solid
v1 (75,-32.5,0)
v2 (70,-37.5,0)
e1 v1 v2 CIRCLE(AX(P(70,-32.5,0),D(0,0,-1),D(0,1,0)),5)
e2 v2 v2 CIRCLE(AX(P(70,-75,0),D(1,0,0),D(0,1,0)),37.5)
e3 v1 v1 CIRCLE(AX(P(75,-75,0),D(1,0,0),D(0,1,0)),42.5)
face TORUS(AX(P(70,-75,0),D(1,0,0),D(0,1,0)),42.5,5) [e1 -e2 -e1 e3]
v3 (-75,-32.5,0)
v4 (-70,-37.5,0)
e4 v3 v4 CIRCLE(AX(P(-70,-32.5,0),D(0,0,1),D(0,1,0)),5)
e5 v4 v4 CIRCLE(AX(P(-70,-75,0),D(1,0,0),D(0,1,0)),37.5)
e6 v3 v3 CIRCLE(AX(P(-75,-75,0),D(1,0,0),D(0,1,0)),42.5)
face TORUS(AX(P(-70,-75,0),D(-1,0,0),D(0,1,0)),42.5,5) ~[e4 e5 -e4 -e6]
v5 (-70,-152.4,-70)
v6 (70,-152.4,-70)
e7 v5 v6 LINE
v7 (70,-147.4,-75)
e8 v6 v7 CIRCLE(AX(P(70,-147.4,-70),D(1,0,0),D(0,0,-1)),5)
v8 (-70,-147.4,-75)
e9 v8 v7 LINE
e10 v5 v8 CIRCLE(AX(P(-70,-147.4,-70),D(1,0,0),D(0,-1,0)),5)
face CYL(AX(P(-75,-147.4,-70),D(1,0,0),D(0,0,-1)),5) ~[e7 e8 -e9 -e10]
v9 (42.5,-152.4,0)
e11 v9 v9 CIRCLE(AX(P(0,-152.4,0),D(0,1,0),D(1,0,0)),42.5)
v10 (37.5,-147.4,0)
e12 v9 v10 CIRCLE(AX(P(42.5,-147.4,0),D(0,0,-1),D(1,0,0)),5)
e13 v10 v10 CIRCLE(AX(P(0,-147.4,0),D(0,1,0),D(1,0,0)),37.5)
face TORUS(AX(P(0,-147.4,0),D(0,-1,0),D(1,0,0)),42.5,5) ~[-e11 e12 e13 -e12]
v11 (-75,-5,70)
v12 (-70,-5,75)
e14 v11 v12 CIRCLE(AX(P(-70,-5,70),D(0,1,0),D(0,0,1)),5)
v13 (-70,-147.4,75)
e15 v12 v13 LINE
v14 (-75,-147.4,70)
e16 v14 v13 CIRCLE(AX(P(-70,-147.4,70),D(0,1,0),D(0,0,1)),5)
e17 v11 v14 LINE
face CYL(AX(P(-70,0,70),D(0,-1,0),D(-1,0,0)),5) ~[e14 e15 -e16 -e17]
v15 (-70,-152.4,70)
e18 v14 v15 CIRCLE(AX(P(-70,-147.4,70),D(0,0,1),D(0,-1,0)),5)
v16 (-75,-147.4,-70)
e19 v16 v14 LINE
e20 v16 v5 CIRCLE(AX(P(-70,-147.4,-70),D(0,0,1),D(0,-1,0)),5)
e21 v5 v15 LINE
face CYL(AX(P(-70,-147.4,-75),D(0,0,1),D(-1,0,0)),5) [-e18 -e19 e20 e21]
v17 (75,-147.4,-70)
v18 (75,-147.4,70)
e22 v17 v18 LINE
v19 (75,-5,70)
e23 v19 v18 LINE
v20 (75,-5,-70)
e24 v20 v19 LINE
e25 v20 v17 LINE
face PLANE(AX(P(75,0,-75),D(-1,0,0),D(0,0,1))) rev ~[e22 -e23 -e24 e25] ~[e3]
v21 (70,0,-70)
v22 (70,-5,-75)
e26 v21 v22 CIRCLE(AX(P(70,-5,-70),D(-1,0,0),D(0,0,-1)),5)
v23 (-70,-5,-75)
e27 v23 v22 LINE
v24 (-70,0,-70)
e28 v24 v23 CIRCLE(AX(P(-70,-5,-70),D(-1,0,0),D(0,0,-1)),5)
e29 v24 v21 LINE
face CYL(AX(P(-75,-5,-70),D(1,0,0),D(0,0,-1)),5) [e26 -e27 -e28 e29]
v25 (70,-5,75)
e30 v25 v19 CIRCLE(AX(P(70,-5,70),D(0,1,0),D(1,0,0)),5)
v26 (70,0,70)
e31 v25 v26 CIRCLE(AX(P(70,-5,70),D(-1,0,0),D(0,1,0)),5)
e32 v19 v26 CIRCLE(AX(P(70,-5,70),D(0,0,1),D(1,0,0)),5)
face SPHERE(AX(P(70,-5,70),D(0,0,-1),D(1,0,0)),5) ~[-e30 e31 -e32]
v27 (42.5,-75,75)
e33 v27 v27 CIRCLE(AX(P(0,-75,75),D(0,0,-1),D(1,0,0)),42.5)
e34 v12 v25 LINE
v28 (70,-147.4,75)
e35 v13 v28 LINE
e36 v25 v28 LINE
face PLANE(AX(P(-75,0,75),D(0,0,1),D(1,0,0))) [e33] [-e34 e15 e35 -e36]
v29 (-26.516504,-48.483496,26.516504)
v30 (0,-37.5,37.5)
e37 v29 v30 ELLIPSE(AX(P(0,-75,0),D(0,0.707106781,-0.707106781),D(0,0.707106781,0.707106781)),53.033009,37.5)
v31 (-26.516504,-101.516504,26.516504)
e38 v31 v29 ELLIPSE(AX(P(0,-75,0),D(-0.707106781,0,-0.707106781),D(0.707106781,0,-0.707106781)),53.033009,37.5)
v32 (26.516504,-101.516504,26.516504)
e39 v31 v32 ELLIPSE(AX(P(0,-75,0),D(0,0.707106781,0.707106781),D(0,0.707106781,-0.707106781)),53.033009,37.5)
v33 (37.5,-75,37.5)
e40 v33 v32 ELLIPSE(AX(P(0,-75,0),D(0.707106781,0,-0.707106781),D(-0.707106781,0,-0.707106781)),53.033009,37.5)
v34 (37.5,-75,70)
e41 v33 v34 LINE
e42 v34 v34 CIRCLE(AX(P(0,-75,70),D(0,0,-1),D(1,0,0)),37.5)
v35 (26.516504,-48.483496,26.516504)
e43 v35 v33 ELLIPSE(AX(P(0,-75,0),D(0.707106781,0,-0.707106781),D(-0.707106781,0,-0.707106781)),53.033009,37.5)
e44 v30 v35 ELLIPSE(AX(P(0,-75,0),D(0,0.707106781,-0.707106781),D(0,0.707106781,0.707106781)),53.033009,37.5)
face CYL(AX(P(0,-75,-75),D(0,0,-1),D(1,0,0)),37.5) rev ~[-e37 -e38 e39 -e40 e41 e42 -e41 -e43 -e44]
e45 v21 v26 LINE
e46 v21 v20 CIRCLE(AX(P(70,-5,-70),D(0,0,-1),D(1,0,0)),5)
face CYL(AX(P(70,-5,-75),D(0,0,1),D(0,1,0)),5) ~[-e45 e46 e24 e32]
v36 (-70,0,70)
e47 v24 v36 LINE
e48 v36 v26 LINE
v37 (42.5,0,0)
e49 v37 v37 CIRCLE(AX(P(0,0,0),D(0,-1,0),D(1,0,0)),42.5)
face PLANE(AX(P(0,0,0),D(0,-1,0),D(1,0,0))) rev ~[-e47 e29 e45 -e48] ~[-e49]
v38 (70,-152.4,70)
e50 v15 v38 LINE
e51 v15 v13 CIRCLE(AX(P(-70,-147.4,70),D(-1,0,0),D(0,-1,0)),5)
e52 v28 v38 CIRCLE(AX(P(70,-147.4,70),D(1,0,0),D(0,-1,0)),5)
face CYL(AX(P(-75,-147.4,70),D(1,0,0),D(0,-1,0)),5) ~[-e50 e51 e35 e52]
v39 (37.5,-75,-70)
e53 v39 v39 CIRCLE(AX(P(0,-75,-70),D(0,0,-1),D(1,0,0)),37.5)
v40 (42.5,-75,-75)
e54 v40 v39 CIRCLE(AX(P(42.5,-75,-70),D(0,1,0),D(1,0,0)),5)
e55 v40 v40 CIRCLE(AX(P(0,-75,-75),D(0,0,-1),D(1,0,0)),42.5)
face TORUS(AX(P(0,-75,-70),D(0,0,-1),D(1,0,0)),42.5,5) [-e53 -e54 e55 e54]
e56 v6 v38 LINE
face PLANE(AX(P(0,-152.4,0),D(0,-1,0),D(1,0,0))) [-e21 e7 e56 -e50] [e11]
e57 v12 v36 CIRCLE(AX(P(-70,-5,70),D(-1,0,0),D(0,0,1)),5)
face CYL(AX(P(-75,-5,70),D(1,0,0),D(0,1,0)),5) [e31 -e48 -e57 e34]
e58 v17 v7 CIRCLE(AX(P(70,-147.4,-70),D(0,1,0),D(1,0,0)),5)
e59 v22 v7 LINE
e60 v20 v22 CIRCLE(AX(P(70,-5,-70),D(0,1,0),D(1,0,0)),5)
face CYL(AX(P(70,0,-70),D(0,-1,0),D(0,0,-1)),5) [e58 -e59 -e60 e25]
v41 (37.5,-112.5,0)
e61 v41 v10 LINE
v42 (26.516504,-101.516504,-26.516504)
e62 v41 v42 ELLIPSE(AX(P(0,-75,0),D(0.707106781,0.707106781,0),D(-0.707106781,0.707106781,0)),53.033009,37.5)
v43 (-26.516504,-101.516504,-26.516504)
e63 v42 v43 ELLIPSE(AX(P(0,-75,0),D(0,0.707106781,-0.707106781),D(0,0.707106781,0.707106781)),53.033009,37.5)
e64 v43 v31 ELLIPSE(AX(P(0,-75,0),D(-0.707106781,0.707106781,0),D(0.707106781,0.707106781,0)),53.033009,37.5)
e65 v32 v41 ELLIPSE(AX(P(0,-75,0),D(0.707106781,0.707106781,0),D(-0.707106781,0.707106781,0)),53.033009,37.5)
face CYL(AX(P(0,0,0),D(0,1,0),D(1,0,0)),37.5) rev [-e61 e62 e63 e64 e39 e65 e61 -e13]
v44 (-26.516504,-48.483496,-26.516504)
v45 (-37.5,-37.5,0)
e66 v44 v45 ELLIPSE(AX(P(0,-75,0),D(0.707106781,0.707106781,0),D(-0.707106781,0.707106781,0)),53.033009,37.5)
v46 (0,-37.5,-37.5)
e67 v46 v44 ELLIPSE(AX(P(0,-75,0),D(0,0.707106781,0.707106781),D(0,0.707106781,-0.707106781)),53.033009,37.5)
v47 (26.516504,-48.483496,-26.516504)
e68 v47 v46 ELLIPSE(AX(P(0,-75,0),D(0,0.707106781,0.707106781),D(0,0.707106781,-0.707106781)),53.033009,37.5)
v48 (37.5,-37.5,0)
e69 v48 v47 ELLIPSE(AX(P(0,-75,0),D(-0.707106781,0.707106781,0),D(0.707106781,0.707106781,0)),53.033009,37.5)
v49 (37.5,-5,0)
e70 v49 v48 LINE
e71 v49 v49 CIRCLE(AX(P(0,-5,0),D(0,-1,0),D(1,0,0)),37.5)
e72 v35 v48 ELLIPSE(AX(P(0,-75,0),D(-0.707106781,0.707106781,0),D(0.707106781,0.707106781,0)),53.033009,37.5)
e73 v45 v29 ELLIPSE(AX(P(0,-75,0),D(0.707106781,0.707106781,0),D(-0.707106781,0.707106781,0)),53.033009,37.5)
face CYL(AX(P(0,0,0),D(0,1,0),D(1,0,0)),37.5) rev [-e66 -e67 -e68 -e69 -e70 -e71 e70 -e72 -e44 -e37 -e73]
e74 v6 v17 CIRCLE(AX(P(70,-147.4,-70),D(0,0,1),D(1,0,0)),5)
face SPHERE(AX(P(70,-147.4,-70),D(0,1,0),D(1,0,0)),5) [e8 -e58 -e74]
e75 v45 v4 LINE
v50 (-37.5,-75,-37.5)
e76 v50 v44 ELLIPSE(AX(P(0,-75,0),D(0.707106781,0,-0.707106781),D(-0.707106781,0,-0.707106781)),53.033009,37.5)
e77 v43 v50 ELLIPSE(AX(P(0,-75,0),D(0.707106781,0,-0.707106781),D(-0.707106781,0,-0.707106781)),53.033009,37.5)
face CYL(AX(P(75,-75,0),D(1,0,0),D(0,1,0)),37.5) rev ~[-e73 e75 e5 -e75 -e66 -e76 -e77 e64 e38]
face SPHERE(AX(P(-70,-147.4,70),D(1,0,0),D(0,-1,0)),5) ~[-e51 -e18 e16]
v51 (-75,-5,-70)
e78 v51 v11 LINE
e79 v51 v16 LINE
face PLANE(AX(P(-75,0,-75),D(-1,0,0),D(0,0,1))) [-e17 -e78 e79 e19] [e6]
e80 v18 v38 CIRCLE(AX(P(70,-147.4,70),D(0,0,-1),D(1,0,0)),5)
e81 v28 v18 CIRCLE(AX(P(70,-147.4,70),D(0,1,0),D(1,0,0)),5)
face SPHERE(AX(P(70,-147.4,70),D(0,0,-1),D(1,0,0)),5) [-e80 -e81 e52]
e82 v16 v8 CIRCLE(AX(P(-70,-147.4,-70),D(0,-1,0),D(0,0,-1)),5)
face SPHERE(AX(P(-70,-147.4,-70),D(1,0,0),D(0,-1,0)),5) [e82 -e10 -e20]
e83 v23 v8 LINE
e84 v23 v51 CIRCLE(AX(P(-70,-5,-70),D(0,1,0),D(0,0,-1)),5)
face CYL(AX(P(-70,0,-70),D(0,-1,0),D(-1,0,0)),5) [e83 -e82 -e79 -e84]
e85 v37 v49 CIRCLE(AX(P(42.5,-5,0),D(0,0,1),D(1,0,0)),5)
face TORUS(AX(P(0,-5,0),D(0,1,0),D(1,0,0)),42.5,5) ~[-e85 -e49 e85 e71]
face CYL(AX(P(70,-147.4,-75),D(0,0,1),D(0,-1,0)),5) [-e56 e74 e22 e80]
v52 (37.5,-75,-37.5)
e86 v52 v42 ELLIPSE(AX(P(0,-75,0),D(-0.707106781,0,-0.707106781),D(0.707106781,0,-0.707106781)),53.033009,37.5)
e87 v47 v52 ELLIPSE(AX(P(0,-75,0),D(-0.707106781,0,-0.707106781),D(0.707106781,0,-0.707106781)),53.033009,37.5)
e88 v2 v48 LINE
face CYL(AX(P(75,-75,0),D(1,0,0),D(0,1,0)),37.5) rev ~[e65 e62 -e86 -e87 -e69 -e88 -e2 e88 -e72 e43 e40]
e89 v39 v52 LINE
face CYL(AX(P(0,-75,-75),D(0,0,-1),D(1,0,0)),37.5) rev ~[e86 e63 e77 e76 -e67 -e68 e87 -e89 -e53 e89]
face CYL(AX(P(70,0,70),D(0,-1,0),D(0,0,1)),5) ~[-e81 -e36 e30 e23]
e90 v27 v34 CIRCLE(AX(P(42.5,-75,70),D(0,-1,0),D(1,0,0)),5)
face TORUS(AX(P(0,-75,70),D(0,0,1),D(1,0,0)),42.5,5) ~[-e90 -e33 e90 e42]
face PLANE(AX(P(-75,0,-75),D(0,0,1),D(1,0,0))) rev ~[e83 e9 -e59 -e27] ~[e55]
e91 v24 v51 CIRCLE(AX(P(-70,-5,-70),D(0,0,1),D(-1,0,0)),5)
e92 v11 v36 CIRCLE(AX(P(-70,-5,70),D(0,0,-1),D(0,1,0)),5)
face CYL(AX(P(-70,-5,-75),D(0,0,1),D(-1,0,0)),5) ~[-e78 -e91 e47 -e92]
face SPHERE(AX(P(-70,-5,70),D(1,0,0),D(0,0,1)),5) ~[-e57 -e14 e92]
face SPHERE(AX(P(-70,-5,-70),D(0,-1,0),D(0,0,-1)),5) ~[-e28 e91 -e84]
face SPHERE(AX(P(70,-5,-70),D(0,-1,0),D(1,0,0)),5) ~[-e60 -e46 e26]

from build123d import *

# Parameters (mm, degrees)
F0_W     = 150
F0_H     = 150
F1_DEPTH = 152.4
F2_R     = 37.5
F3_DEPTH = 252
F4_R     = 37.5
F5_DEPTH = 150
F6_R     = 37.5
F7_DEPTH = 150
F8_R     = 5


with BuildPart() as f1:
    # F0 (on Front) → F1 (new body)
    with BuildSketch(Plane.XZ):
        Rectangle(F0_W, F0_H)
    extrude(amount=F1_DEPTH)

    # F2 (on face) → F3 (cut)
    with BuildSketch(Plane.XZ):
        Circle(F2_R)
    extrude(amount=F3_DEPTH, mode=Mode.SUBTRACT)

    # F4 (on face) → F5 (cut)
    with BuildSketch(Plane(origin=(0, 0, -75), x_dir=(1, 0, 0), z_dir=(0, 0, -1))):
        with Locations((0, 75)):
            Circle(F4_R)
    extrude(amount=-F5_DEPTH, mode=Mode.SUBTRACT)

    # F6 (on face) → F7 (cut)
    with BuildSketch(Plane.YZ.offset(75)):
        with Locations((-75, 0)):
            Circle(F6_R)
    extrude(amount=-F7_DEPTH, mode=Mode.SUBTRACT)

    # F8
    f8_edges = [f1.edges().sort_by_distance(p)[0] for p in [
        (75, -76.2, -75),
        (75, 0, 0),
        (75, -152.4, 0),
        (75, -76.2, 75),
        (75, -112.5, 0),
        (0, -152.4, -75),
        (0, -152.4, 75),
        (-75, -152.4, 0),
        (-37.5, -152.4, 0),
        (0, 0, 75),
        (-75, -76.2, 75),
        (-37.5, -75, 75),
        (-75, -76.2, -75),
        (0, 0, -75),
        (-37.5, -75, -75),
        (-75, 0, 0),
        (-75, -112.5, 0),
        (-37.5, 0, 0),
    ]]
    fillet(f8_edges, radius=F8_R)


solid = f1.part
